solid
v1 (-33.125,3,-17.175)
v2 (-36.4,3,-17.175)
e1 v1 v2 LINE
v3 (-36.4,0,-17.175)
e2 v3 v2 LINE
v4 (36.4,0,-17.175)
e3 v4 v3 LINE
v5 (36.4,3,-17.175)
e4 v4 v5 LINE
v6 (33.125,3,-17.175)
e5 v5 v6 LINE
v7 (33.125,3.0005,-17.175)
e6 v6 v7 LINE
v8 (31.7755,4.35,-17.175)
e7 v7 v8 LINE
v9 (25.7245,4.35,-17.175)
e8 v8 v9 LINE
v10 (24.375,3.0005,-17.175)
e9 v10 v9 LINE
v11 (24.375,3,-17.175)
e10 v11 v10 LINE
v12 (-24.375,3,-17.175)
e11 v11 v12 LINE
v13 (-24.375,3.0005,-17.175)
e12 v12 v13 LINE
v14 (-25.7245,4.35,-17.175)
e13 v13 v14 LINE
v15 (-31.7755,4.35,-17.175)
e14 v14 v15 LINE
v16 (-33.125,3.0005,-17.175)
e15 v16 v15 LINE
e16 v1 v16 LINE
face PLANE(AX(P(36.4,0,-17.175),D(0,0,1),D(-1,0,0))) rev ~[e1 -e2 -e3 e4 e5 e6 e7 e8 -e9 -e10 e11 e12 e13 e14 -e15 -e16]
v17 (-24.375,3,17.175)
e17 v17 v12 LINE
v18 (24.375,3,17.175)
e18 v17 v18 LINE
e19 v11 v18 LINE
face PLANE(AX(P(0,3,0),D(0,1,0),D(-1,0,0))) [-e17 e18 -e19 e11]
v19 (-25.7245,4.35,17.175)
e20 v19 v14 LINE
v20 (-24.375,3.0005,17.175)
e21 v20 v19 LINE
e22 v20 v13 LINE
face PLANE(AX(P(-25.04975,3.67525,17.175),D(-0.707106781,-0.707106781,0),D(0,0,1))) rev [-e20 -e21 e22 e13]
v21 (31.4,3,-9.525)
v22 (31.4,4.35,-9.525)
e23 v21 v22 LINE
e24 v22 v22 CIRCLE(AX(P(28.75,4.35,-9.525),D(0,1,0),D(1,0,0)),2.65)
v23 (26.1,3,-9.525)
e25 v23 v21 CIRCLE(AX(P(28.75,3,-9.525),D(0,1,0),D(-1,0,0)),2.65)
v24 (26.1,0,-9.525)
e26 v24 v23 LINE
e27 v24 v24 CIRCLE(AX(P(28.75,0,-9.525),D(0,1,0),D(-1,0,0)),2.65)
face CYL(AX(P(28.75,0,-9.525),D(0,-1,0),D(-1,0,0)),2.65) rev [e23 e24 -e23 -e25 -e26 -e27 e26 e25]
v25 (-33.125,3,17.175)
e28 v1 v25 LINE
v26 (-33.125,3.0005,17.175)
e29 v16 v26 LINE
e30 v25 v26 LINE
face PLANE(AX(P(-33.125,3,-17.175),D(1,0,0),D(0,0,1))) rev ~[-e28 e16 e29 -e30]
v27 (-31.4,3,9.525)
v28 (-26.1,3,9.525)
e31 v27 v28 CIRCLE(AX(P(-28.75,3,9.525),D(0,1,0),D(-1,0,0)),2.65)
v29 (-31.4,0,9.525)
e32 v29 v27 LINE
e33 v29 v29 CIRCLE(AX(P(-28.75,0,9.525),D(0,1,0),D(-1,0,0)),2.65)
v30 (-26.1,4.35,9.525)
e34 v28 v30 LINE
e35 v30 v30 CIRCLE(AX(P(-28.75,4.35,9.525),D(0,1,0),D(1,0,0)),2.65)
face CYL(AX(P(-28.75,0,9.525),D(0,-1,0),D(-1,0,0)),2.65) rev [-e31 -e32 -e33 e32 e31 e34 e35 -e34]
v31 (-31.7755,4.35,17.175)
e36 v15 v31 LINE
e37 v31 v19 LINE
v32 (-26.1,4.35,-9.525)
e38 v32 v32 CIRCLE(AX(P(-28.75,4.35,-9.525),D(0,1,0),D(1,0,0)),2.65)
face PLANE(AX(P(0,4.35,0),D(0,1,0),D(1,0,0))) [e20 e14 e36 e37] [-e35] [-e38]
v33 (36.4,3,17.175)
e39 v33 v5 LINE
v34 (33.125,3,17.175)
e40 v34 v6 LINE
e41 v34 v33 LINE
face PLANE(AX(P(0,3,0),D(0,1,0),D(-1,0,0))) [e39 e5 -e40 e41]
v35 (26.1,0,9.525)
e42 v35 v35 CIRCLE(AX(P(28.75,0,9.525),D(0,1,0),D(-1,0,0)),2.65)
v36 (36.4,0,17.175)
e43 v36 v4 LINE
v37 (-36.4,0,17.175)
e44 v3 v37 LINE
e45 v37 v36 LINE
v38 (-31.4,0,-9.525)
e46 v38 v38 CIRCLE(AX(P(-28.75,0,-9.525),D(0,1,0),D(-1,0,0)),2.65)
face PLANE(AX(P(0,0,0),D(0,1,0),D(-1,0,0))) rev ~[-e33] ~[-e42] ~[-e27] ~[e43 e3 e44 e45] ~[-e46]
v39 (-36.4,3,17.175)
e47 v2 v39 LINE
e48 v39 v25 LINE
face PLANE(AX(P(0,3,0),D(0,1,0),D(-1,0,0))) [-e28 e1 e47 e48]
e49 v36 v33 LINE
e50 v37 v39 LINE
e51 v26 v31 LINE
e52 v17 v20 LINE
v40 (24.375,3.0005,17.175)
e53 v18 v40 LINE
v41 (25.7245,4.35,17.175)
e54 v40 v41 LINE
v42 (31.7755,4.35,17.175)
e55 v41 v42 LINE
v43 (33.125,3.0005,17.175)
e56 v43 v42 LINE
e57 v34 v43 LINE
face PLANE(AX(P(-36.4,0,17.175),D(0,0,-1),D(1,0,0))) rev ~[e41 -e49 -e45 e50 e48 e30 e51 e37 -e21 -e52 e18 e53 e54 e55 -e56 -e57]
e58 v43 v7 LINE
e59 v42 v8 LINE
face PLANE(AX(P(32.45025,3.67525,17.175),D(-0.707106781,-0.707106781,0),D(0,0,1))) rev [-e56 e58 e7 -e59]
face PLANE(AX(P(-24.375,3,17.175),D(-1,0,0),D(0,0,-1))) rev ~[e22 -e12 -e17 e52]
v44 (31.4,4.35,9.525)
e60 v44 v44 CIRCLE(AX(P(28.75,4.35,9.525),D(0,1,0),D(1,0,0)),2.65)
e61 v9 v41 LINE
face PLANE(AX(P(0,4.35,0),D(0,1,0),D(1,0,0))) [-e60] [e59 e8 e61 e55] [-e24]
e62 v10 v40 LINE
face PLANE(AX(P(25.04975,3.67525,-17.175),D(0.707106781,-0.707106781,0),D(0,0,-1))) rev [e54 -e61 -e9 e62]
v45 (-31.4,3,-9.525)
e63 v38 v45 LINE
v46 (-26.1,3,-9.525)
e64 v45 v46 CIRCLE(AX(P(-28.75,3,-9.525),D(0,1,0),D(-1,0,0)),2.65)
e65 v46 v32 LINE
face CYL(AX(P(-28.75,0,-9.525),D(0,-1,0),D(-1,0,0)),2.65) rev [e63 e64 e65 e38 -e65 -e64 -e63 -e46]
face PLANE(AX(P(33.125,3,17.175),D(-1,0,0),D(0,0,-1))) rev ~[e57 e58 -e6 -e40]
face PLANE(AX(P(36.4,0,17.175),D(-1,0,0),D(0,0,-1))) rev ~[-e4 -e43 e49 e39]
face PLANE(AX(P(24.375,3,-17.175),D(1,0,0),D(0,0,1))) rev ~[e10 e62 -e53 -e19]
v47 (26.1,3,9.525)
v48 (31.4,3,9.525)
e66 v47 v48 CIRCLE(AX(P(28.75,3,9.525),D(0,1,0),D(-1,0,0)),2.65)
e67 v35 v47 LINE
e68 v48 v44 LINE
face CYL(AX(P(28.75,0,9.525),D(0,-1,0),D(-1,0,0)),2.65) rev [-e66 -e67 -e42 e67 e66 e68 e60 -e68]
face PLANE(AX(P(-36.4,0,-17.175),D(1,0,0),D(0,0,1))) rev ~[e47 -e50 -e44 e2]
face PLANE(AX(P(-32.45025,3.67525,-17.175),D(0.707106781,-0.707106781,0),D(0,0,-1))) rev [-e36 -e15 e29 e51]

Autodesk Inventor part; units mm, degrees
ref_plane "YZ Plane" through (0, 0, 0) normal (1, 0, 0) x (0, 1, 0)
ref_plane "XZ Plane" through (0, 0, 0) normal (0, 1, 0) x (-1, 0, 0)
ref_plane "XY Plane" through (0, 0, 0) normal (0, 0, 1) x (1, 0, 0)
sketch "Sketch1" plane through (0, 0, 0) normal (0, 1, 0) x (-1, 0, 0)
  line L0 (28.75, 9.525) -> (-28.75, 9.525) construction
  line L1 (-28.75, 9.525) -> (-28.75, -9.525) construction
  line L2 (-28.75, -9.525) -> (28.75, -9.525) construction
  line L3 (28.75, -9.525) -> (28.75, 9.525) construction
  line L4 (28.75, 9.525) -> (-28.75, -9.525) construction
  line L5 (-28.75, 9.525) -> (28.75, -9.525) construction
  circle A0 centre (28.75, 9.525) radius 2.65
  circle A1 centre (28.75, -9.525) radius 2.65
  circle A2 centre (-28.75, 9.525) radius 2.65
  circle A3 centre (-28.75, -9.525) radius 2.65
  line L6 (36.4, 17.175) -> (-36.4, 17.175)
  line L7 (-36.4, 17.175) -> (-36.4, -17.175)
  line L8 (-36.4, -17.175) -> (36.4, -17.175)
  line L9 (36.4, -17.175) -> (36.4, 17.175)
  line L10 (36.4, 17.175) -> (-36.4, -17.175) construction
  line L11 (-36.4, 17.175) -> (36.4, -17.175) construction
  point P0 (0, 0)
  dimension "d0" = 19.05
  dimension "d1" = 57.5
  dimension "d2" = 5.3
  dimension "d3" = 5
  dimension "d4" = 5
extrude "Extrusion1" add sketch "Sketch1" along normal blind 3
sketch "Sketch2" plane through (0, 3, 0) normal (0, 1, 0) x (1, 0, 0)
  line L0 (36.4, -17.175) -> (36.4, 17.175) projected
  line L1 (36.4, 17.175) -> (-36.4, 17.175) projected
  line L2 (-36.4, 17.175) -> (-36.4, -17.175) projected
  line L3 (-36.4, -17.175) -> (36.4, -17.175) projected
  circle A0 centre (-28.75, -9.525) radius 2.65 projected
  circle A1 centre (-28.75, 9.525) radius 2.65 projected
  circle A2 centre (28.75, -9.525) radius 2.65 projected
  circle A3 centre (28.75, 9.525) radius 2.65 projected
  line L4 (-24.375, 17.175) -> (-33.125, 17.175)
  line L5 (-33.125, 17.175) -> (-33.125, -17.175)
  line L6 (-33.125, -17.175) -> (-24.375, -17.175)
  line L7 (-24.375, -17.175) -> (-24.375, 17.175)
  line L8 (-28.75, -17.175) -> (-28.75, 17.175) construction
  line L9 (33.125, 17.175) -> (24.375, 17.175)
  line L10 (24.375, 17.175) -> (24.375, -17.175)
  line L11 (24.375, -17.175) -> (33.125, -17.175)
  line L12 (33.125, -17.175) -> (33.125, 17.175)
  line L13 (28.75, 17.175) -> (28.75, -17.175) construction
  line L14 (36.4, 17.175) -> (-36.4, 17.175) projected
  line L15 (-36.4, -17.175) -> (36.4, -17.175) projected
  dimension "d14" = 8.75
extrude "Extrusion2" add sketch "Sketch2" along normal blind 1.35 contours L3 L10 L1 L12 | L3 L5 L1 L7
chamfer "Chamfer2" distance 1.35 angle 45 4 edges at (-33.125, 4.35, 0) (-24.375, 4.35, 0) (24.375, 4.35, 0) (33.125, 4.35, 0)
properties part number "Platina" material "PET Plastic"
